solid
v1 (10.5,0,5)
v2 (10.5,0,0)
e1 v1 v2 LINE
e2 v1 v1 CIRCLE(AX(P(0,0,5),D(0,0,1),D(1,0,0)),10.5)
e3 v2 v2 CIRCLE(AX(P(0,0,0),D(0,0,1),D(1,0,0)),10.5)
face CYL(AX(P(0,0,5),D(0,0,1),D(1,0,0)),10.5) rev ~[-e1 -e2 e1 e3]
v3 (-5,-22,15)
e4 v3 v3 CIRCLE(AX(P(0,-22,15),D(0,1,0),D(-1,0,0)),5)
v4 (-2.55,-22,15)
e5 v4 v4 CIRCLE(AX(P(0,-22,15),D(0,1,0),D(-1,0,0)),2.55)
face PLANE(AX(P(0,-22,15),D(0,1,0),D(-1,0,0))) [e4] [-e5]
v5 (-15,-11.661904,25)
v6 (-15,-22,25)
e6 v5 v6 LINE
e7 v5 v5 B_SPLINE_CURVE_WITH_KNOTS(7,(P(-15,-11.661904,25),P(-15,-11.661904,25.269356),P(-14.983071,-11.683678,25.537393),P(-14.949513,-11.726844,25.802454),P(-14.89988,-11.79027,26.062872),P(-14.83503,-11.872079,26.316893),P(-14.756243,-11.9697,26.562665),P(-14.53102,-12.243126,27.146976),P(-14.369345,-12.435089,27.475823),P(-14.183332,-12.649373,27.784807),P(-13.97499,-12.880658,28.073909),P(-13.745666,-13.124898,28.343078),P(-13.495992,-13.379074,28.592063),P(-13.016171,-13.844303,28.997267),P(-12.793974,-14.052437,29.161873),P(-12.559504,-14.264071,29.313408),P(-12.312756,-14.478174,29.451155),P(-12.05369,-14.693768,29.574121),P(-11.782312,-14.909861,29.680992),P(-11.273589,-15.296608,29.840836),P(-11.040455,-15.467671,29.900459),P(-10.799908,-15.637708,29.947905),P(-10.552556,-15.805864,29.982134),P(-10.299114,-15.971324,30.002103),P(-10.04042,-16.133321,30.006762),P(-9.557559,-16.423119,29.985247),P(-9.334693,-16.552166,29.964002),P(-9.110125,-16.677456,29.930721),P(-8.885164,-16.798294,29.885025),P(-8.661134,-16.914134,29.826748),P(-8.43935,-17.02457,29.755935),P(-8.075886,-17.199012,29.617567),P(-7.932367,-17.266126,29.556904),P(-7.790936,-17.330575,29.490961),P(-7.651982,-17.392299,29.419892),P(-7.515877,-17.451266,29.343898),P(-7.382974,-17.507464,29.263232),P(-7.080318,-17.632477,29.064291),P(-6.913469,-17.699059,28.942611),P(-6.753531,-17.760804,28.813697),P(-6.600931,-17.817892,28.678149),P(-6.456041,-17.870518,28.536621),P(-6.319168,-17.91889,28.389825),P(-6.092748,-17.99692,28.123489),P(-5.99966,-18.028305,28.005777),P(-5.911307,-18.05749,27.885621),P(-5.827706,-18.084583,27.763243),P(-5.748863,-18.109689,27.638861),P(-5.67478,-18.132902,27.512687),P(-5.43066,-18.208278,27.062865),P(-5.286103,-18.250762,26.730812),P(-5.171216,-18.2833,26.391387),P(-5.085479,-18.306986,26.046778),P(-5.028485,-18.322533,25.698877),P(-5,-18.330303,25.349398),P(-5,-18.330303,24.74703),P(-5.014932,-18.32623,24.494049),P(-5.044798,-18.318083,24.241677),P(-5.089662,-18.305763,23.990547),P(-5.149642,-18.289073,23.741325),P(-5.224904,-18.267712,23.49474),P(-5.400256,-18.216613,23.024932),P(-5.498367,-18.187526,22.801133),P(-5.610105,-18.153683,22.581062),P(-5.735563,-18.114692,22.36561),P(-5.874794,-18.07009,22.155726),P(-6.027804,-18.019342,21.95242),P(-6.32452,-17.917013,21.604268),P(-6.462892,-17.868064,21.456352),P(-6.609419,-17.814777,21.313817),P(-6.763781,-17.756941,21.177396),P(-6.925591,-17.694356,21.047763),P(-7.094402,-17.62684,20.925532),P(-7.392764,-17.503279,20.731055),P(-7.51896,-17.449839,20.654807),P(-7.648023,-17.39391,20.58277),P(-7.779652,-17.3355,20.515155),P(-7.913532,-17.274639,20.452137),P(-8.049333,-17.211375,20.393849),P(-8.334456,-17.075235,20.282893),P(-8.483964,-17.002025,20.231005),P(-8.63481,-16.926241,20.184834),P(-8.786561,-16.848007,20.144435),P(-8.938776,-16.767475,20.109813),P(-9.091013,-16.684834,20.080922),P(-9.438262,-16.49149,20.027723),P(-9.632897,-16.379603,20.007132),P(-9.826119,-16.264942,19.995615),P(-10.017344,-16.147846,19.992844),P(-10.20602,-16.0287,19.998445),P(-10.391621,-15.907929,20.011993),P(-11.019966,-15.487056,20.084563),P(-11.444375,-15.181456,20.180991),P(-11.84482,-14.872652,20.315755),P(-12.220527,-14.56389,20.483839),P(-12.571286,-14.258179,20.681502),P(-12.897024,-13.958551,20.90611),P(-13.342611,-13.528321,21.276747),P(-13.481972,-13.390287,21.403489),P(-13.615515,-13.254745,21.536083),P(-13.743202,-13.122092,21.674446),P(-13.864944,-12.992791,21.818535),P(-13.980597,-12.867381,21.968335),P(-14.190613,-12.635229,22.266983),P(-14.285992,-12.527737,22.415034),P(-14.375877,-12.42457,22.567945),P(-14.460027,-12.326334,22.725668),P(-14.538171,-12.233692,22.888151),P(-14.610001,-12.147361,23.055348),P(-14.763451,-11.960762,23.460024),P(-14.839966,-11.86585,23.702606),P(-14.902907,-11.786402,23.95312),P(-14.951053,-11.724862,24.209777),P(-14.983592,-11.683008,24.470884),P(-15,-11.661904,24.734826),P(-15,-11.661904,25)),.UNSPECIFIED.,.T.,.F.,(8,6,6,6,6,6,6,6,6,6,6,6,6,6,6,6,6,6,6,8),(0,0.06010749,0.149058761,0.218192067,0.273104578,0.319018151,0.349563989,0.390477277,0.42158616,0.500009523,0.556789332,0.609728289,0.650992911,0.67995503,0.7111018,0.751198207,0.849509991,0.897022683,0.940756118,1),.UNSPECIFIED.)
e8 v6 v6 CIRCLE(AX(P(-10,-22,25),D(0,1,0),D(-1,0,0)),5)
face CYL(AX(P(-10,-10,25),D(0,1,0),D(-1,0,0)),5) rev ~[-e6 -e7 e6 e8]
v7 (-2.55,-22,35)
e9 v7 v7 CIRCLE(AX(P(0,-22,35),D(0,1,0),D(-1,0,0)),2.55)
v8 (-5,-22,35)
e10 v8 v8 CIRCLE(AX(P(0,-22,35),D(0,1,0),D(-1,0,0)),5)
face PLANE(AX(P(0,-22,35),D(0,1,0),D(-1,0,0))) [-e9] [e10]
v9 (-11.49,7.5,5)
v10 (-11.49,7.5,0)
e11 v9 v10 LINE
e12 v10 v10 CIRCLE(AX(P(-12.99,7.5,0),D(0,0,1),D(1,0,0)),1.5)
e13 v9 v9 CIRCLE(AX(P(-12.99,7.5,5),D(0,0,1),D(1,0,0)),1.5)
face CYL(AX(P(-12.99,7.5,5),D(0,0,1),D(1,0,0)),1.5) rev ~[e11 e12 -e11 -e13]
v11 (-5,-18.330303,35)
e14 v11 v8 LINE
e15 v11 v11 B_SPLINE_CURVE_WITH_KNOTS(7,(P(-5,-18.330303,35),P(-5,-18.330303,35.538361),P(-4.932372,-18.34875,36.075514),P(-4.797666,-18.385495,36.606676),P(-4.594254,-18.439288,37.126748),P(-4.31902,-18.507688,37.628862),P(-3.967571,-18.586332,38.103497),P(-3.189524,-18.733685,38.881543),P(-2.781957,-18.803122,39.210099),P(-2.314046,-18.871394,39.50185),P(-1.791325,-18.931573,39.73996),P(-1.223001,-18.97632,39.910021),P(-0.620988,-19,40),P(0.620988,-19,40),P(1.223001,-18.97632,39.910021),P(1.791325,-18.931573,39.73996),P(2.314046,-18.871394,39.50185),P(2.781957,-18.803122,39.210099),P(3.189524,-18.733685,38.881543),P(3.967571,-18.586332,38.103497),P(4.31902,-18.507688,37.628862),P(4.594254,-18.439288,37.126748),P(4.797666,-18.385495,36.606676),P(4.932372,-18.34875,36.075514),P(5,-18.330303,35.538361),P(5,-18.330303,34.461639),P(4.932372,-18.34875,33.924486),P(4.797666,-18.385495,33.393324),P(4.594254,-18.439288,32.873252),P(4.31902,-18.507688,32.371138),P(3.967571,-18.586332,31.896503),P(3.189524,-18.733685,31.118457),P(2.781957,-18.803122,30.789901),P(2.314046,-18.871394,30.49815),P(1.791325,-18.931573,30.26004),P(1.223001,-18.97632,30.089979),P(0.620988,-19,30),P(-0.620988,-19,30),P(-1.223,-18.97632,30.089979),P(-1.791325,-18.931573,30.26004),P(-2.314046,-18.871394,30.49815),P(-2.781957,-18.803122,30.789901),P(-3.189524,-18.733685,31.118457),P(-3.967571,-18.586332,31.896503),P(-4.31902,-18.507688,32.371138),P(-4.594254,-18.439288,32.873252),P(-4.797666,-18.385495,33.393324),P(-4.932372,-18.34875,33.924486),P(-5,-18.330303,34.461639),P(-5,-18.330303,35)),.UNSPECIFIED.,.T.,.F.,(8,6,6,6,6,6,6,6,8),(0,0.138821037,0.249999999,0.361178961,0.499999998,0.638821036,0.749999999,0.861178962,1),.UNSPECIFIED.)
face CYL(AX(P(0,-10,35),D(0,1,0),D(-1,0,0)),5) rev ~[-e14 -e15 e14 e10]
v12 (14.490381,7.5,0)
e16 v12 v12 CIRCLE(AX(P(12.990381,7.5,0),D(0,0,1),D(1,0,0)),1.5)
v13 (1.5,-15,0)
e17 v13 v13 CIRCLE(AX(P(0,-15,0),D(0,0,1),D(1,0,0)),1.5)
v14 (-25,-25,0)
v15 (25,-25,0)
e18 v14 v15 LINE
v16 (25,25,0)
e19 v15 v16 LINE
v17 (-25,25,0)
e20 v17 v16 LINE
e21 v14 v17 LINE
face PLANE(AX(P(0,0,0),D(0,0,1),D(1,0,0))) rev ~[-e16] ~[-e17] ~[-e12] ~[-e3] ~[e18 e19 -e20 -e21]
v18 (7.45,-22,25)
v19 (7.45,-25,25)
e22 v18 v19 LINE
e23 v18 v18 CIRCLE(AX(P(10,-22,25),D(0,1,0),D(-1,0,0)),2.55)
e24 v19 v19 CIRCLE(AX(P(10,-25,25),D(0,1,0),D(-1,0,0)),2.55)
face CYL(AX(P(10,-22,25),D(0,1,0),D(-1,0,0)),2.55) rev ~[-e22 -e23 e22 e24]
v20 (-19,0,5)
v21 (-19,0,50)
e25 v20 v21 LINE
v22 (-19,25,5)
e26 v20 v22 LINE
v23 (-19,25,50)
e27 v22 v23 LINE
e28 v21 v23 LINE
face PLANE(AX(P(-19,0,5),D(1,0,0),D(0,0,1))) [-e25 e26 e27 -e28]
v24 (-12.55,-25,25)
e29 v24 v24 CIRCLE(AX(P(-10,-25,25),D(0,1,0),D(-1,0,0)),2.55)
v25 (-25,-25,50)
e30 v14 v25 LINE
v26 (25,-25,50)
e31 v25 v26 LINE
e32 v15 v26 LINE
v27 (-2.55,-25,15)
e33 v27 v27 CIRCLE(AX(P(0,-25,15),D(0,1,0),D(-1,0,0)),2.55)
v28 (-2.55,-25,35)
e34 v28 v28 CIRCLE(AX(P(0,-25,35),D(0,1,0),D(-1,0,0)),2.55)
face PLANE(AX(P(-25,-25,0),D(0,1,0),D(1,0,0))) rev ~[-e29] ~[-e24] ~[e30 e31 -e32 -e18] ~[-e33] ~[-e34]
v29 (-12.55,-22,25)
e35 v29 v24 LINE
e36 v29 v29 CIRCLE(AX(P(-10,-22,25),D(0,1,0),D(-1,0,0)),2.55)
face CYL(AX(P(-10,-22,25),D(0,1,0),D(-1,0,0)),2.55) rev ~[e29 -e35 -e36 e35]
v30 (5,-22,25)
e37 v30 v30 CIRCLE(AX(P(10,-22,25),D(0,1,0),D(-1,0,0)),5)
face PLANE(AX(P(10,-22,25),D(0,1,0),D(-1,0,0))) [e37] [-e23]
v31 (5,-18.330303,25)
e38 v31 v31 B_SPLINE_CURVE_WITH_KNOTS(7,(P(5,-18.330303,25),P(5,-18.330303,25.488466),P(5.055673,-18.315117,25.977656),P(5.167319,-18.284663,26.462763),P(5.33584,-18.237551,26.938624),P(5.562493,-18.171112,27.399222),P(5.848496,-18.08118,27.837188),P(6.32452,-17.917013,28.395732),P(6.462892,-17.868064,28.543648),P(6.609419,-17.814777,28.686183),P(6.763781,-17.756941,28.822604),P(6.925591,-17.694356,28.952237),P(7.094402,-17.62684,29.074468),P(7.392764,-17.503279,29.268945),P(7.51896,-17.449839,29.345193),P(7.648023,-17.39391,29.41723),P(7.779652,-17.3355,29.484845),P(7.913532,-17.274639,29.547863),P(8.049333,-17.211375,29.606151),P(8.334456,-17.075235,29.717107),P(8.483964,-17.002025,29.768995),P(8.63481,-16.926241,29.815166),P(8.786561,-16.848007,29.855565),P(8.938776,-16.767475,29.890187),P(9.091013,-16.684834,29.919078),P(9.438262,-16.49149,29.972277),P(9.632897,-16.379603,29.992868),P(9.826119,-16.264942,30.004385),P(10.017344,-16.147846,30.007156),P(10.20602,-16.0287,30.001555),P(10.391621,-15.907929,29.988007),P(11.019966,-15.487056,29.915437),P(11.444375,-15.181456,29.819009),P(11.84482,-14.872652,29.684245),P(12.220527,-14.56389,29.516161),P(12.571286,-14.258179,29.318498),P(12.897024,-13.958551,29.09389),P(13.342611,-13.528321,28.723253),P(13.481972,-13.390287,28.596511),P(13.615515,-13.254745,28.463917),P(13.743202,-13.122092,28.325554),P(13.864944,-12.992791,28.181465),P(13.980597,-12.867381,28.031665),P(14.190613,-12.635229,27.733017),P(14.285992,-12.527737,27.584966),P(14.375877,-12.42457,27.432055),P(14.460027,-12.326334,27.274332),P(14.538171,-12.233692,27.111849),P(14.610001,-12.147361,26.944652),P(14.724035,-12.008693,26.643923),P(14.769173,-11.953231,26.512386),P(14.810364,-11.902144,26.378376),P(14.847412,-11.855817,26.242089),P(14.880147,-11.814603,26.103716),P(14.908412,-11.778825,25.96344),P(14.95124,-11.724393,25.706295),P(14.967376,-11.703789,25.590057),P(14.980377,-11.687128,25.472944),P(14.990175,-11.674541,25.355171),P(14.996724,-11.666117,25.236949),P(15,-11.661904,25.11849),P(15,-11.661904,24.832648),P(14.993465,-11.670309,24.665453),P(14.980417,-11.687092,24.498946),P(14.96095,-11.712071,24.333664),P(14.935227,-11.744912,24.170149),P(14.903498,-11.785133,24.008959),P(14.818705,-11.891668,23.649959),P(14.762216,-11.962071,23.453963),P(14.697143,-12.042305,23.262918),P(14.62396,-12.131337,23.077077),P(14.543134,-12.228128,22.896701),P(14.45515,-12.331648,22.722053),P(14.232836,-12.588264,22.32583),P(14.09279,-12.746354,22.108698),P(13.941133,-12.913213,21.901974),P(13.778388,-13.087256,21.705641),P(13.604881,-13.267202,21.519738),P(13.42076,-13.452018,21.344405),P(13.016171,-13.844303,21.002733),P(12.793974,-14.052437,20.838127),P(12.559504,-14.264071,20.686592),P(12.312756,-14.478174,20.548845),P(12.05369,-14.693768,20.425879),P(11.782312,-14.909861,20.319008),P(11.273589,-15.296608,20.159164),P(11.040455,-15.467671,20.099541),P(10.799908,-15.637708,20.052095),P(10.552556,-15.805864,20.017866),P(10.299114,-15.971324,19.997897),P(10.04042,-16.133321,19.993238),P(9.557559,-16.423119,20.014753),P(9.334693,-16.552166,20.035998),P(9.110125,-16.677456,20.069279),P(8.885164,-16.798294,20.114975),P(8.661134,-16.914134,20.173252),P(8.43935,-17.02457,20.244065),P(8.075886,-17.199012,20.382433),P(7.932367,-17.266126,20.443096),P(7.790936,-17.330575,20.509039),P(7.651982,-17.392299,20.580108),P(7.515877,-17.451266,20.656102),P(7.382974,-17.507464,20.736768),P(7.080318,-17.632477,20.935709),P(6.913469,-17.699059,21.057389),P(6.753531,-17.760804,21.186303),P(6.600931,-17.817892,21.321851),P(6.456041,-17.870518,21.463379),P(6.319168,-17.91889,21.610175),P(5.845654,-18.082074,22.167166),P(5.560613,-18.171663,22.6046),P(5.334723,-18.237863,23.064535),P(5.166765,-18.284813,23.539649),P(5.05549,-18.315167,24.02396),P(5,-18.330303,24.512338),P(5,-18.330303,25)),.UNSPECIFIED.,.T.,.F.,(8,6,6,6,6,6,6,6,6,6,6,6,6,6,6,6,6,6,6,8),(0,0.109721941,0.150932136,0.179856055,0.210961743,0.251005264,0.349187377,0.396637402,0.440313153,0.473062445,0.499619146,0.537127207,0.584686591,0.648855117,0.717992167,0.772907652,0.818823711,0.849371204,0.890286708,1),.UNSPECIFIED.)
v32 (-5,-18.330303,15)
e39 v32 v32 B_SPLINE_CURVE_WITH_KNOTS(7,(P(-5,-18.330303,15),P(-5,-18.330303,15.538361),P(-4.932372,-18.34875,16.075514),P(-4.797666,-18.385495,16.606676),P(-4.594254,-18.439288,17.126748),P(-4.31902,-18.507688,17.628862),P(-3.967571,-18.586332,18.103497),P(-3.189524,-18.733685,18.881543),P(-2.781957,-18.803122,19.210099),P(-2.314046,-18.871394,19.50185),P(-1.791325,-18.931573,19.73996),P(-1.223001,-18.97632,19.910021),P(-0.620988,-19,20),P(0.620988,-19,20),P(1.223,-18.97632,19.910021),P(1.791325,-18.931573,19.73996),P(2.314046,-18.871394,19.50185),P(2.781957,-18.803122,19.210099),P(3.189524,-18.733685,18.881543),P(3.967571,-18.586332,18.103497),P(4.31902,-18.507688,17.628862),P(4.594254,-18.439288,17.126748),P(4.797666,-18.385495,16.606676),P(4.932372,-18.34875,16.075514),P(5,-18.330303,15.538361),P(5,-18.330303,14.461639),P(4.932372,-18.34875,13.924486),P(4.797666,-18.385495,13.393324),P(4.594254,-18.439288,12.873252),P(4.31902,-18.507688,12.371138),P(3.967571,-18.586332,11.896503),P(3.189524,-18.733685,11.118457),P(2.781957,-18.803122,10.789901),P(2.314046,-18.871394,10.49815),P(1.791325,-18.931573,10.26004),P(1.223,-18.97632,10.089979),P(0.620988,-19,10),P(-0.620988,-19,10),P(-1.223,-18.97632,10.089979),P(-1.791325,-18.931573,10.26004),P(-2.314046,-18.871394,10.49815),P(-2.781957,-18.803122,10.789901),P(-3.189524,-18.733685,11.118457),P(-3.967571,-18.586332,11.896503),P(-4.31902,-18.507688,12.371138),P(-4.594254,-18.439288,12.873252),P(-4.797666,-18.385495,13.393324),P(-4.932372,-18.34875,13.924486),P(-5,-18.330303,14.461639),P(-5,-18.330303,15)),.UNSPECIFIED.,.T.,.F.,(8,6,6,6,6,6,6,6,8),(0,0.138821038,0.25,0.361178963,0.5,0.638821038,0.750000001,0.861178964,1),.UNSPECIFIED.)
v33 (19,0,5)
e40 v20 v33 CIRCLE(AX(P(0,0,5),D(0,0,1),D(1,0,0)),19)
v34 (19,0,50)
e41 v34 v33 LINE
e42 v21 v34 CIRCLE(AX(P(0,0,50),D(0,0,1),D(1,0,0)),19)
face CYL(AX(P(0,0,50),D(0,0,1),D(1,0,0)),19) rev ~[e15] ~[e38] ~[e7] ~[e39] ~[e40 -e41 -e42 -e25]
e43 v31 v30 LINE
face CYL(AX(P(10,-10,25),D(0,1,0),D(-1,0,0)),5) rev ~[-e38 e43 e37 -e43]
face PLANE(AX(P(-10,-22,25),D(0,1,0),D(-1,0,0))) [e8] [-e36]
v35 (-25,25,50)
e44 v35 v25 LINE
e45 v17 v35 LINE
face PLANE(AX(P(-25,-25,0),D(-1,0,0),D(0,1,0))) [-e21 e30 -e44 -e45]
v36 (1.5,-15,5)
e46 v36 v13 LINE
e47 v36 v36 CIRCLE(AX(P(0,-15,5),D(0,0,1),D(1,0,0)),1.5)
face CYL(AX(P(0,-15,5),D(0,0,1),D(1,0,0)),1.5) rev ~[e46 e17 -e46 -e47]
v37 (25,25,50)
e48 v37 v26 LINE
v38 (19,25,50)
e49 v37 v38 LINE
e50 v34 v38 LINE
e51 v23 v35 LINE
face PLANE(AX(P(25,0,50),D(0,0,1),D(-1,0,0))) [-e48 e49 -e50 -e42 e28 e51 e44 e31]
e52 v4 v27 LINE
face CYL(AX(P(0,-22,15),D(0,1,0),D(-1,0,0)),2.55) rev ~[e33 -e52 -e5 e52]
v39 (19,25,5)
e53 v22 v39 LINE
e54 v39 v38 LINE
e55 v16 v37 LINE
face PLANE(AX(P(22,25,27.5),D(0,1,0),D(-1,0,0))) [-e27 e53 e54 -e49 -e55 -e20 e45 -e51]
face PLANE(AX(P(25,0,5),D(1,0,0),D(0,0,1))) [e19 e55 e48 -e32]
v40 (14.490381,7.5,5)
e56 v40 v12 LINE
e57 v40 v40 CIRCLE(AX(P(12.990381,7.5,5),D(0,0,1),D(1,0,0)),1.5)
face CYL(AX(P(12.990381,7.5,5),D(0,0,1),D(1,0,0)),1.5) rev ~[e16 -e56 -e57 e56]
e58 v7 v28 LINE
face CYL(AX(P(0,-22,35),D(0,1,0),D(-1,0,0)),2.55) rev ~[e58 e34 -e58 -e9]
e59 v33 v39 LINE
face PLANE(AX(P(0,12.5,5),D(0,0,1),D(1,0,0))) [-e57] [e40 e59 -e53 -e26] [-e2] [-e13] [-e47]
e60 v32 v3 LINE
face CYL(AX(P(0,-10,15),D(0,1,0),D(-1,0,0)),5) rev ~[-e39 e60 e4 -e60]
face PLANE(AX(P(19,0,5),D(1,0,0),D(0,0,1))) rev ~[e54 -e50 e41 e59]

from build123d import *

# Parameters (mm, degrees)
SKETCH_W        = 50
SKETCH_H        = 50
PAD_DEPTH       = 50
SKETCH001_R     = 19
POCKET_DEPTH    = 45
SKETCH002_W     = 50
SKETCH002_H     = 25
POCKET001_DEPTH = 45
SKETCH003_R     = 10.5
SKETCH003_R_2   = 1.5
POCKET002_DEPTH = 5.001
SKETCH004_W     = 6
SKETCH004_H     = 45
PAD001_DEPTH    = 25
SKETCH005_R     = 5
POCKET003_DEPTH = 12
SKETCH006_R     = 2.55
POCKET004_DEPTH = 3.001


with BuildPart() as part:
    # Sketch → Pad (new body)
    with BuildSketch(Plane.XY):
        Rectangle(SKETCH_W, SKETCH_H)
    extrude(amount=PAD_DEPTH)

    # Sketch001 (on DatumPlane) → Pocket (cut)
    with BuildSketch(Plane.XY.offset(50)):
        Circle(SKETCH001_R)
    extrude(amount=-POCKET_DEPTH, mode=Mode.SUBTRACT)

    # Sketch002 (on DatumPlane) → Pocket001 (cut)
    with BuildSketch(Plane.XY.offset(50)):
        with Locations((0, 12.5)):
            Rectangle(SKETCH002_W, SKETCH002_H)
    extrude(amount=-POCKET001_DEPTH, mode=Mode.SUBTRACT)

    # Sketch003 (on DatumPlane) → Pocket002 (cut, through all)
    with BuildSketch(Plane.XY.offset(5)):
        Circle(SKETCH003_R)
        with Locations((0, -15)):
            Circle(SKETCH003_R_2)
        with Locations((12.990381, 7.5)):
            Circle(SKETCH003_R_2)
        with Locations((-12.99, 7.5)):
            Circle(SKETCH003_R_2)
    extrude(amount=-POCKET002_DEPTH, mode=Mode.SUBTRACT)

    # Sketch004 (on DatumPlane) → Pad001 (join)
    with BuildSketch(Plane(origin=(0, 0, 0), x_dir=(-1, 0, 0), z_dir=(0, 1, 0))):
        with Locations((-22, 27.5)):
            Rectangle(SKETCH004_W, SKETCH004_H)
        with Locations((22, 27.5)):
            Rectangle(SKETCH004_W, SKETCH004_H)
    extrude(amount=PAD001_DEPTH)

    # Sketch005 (on DatumPlane) → Pocket003 (cut)
    with BuildSketch(Plane(origin=(0, -10, 0), x_dir=(-1, 0, 0), z_dir=(0, 1, 0))):
        with Locations((0, 35)):
            Circle(SKETCH005_R)
        with Locations((0, 15)):
            Circle(SKETCH005_R)
        with Locations((10, 25)):
            Circle(SKETCH005_R)
        with Locations((-10, 25)):
            Circle(SKETCH005_R)
    extrude(amount=-POCKET003_DEPTH, mode=Mode.SUBTRACT)

    # Sketch006 (on DatumPlane) → Pocket004 (cut, through all)
    with BuildSketch(Plane(origin=(0, -22, 0), x_dir=(-1, 0, 0), z_dir=(0, 1, 0))):
        with Locations((0, 15)):
            Circle(SKETCH006_R)
        with Locations((10, 25)):
            Circle(SKETCH006_R)
        with Locations((0, 35)):
            Circle(SKETCH006_R)
        with Locations((-10, 25)):
            Circle(SKETCH006_R)
    extrude(amount=-POCKET004_DEPTH, mode=Mode.SUBTRACT)


solid = part.part
